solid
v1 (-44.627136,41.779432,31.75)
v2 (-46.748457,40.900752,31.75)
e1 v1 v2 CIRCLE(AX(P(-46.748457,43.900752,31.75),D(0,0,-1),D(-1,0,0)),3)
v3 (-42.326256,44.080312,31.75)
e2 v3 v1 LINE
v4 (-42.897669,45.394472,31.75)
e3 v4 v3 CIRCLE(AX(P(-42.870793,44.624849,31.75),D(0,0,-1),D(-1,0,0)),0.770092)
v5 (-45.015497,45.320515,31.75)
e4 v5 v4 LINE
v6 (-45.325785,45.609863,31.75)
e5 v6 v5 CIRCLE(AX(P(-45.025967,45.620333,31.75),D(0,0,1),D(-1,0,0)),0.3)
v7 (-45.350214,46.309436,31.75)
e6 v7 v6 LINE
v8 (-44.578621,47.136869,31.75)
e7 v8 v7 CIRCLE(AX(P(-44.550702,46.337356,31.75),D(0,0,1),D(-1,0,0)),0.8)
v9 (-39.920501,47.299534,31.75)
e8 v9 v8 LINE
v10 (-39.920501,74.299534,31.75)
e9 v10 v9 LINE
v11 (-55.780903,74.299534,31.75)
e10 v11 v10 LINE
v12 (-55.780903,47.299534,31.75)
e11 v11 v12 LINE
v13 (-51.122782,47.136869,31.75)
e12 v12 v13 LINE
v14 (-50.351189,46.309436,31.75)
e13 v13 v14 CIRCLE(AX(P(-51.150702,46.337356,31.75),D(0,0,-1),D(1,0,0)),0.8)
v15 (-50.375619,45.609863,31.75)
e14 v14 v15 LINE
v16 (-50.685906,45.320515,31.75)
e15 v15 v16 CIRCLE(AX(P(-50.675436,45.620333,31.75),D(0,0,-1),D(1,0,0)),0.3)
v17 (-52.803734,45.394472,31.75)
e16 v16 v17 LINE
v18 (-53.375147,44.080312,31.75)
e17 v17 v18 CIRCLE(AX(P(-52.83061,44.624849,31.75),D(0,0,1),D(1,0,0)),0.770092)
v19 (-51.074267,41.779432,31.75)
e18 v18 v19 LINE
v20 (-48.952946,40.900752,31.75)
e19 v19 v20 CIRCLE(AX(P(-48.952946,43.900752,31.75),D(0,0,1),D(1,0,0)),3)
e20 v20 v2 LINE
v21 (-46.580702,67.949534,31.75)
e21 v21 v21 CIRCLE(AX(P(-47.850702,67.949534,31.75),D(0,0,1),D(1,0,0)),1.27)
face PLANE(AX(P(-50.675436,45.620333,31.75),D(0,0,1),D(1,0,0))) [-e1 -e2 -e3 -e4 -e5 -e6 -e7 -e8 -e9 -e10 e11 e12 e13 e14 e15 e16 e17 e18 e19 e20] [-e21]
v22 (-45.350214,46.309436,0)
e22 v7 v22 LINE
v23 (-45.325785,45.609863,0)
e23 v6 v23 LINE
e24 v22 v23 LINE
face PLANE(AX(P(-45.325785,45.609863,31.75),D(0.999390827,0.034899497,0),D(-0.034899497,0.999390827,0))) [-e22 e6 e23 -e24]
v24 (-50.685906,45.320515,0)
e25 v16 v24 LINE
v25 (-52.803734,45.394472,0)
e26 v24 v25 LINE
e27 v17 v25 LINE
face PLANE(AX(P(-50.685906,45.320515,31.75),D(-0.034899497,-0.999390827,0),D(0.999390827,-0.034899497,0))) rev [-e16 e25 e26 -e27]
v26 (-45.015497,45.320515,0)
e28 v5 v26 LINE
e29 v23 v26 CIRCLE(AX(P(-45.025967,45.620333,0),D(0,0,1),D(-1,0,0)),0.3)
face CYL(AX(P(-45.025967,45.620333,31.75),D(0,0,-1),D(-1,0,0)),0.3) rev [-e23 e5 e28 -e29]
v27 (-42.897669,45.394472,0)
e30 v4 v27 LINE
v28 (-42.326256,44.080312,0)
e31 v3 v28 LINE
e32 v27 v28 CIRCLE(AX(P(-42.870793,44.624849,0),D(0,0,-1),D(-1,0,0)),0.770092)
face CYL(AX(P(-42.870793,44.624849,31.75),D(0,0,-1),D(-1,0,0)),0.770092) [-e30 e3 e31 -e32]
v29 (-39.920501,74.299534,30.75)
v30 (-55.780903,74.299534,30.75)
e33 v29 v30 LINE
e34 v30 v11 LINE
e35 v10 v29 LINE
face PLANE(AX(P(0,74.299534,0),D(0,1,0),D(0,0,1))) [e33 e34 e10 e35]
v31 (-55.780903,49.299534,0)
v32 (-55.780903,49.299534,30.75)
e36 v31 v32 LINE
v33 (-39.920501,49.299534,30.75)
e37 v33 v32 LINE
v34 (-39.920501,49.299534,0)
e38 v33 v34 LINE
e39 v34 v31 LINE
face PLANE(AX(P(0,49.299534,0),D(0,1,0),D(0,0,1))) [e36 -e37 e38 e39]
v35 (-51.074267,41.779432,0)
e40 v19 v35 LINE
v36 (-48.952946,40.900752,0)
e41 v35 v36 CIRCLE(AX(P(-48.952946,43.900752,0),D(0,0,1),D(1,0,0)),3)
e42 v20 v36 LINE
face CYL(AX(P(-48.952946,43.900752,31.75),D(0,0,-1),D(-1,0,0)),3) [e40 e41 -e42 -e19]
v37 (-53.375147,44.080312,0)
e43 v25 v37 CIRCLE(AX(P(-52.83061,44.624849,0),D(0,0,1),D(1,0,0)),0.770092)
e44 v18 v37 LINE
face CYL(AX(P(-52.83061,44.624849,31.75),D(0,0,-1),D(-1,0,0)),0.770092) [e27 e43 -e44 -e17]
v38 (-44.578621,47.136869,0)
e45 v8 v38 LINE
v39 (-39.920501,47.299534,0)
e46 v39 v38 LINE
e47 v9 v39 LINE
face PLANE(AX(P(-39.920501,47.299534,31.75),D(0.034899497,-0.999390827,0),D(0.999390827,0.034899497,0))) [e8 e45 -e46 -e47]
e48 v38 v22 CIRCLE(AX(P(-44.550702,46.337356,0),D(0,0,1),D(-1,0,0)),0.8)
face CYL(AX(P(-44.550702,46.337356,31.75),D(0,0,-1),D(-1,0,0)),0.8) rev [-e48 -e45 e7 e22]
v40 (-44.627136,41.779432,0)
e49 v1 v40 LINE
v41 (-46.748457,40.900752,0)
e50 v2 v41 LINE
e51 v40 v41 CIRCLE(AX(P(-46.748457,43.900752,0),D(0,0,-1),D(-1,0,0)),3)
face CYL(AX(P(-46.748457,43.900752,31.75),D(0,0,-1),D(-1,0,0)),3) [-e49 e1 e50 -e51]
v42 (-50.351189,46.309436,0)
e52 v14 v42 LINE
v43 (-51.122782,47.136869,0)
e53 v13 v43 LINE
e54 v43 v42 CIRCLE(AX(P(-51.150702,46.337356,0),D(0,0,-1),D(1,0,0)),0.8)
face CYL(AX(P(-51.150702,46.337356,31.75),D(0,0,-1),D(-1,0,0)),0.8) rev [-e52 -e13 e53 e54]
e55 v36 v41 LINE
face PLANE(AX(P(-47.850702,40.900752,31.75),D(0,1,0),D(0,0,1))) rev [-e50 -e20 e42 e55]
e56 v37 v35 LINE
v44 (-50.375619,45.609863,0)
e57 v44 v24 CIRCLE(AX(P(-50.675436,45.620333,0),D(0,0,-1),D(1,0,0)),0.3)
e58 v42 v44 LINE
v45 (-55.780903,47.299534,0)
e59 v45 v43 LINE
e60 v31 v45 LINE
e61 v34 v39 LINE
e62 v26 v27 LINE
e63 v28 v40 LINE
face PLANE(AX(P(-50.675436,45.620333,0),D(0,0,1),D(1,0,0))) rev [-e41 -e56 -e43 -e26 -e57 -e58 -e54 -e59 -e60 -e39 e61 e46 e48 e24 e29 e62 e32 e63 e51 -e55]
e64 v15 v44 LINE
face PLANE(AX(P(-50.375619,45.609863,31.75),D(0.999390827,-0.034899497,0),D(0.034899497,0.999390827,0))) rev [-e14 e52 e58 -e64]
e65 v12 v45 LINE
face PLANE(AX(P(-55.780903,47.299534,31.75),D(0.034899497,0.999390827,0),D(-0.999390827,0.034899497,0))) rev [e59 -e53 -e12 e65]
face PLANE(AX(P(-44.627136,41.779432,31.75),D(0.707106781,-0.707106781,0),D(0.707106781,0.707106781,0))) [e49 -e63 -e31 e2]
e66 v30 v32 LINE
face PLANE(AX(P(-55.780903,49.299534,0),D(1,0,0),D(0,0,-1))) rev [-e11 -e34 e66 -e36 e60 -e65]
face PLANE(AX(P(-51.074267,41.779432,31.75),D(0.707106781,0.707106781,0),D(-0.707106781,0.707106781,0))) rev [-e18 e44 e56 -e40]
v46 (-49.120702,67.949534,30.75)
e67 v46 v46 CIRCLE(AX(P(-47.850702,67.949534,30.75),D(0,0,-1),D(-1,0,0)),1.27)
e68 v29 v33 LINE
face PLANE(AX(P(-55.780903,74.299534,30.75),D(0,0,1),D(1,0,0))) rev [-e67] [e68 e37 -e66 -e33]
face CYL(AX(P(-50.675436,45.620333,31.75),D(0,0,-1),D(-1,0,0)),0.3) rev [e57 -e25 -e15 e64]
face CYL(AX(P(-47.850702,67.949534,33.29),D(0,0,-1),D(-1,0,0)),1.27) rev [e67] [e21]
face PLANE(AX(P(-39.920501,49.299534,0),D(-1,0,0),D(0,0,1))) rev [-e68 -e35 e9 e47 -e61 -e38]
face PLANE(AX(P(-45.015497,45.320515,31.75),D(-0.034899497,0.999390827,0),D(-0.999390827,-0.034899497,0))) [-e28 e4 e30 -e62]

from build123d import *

# Parameters (mm, degrees)
BOSS_EXTRUDE1_DEPTH = 31.75
SKETCH19_W          = 15.860402013
SKETCH19_H          = 31.75
BOSS_EXTRUDE7_DEPTH = 2
SKETCH23_W          = 15.860402013
SKETCH23_H          = 1
BOSS_EXTRUDE8_DEPTH = 25
SKETCH24_R          = 1.27
CUT_EXTRUDE1_DEPTH  = 2.54


with BuildPart() as part:
    # Sketch2 → Boss-Extrude1 (new body)
    with BuildSketch(Plane.XY):
        with BuildLine():
            Line((-50.375618534, 45.609862895), (-50.351188886, 46.309436474))
            ThreePointArc((-50.351188886, 46.309436474), (-50.565618587, 46.88295476), (-51.12278195, 47.136868733))
            Line((-51.12278195, 47.136868733), (-55.780902554, 47.299533889))
            Line((-55.780902554, 47.299533889), (-47.850701548, 47.299533889))
            Line((-47.850701548, 47.299533889), (-47.850701548, 40.900752235))
            Line((-47.850701548, 40.900752235), (-48.952946324, 40.900752235))
            ThreePointArc((-48.952946324, 40.900752235), (-50.100996621, 41.129113637), (-51.074266668, 41.779431891))
            Line((-51.074266668, 41.779431891), (-53.375146928, 44.080312152))
            ThreePointArc((-53.375146928, 44.080312152), (-53.536830204, 44.931922499), (-52.803734096, 45.394471696))
            Line((-52.803734096, 45.394471696), (-50.685905631, 45.320515496))
            ThreePointArc((-50.685905631, 45.320515496), (-50.470836274, 45.400926634), (-50.375618534, 45.609862895))
        make_face()
    boss_extrude1 = extrude(amount=BOSS_EXTRUDE1_DEPTH)

    # Mirror2: Boss-Extrude1 across plane
    add(boss_extrude1.mirror(Plane(origin=(-47.850701548, 40.900752235, 31.75), x_dir=(0, 0, 1), z_dir=(-1, 0, 0))))

    # Sketch19 → Boss-Extrude7 (add)
    with BuildSketch(Plane(origin=(0, 47.299533889, 0), x_dir=(1, 0, 0), z_dir=(0, 1, 0))):
        with Locations((-47.850701548, -15.875)):
            Rectangle(SKETCH19_W, SKETCH19_H)
    extrude(amount=BOSS_EXTRUDE7_DEPTH)

    # Sketch23 → Boss-Extrude8 (add)
    with BuildSketch(Plane(origin=(0, 49.299533889, 0), x_dir=(1, 0, 0), z_dir=(0, 1, 0))):
        with Locations((-47.850701548, -31.25)):
            Rectangle(SKETCH23_W, SKETCH23_H)
    extrude(amount=BOSS_EXTRUDE8_DEPTH)

    # Sketch24 → Cut-Extrude1 (cut)
    with BuildSketch(Plane(origin=(0, 0, 30.75), x_dir=(-1, 0, 0), z_dir=(0, 0, -1))):
        with Locations((47.850701548, 67.949533889)):
            Circle(SKETCH24_R)
    extrude(amount=-CUT_EXTRUDE1_DEPTH, mode=Mode.SUBTRACT)


solid = part.part
